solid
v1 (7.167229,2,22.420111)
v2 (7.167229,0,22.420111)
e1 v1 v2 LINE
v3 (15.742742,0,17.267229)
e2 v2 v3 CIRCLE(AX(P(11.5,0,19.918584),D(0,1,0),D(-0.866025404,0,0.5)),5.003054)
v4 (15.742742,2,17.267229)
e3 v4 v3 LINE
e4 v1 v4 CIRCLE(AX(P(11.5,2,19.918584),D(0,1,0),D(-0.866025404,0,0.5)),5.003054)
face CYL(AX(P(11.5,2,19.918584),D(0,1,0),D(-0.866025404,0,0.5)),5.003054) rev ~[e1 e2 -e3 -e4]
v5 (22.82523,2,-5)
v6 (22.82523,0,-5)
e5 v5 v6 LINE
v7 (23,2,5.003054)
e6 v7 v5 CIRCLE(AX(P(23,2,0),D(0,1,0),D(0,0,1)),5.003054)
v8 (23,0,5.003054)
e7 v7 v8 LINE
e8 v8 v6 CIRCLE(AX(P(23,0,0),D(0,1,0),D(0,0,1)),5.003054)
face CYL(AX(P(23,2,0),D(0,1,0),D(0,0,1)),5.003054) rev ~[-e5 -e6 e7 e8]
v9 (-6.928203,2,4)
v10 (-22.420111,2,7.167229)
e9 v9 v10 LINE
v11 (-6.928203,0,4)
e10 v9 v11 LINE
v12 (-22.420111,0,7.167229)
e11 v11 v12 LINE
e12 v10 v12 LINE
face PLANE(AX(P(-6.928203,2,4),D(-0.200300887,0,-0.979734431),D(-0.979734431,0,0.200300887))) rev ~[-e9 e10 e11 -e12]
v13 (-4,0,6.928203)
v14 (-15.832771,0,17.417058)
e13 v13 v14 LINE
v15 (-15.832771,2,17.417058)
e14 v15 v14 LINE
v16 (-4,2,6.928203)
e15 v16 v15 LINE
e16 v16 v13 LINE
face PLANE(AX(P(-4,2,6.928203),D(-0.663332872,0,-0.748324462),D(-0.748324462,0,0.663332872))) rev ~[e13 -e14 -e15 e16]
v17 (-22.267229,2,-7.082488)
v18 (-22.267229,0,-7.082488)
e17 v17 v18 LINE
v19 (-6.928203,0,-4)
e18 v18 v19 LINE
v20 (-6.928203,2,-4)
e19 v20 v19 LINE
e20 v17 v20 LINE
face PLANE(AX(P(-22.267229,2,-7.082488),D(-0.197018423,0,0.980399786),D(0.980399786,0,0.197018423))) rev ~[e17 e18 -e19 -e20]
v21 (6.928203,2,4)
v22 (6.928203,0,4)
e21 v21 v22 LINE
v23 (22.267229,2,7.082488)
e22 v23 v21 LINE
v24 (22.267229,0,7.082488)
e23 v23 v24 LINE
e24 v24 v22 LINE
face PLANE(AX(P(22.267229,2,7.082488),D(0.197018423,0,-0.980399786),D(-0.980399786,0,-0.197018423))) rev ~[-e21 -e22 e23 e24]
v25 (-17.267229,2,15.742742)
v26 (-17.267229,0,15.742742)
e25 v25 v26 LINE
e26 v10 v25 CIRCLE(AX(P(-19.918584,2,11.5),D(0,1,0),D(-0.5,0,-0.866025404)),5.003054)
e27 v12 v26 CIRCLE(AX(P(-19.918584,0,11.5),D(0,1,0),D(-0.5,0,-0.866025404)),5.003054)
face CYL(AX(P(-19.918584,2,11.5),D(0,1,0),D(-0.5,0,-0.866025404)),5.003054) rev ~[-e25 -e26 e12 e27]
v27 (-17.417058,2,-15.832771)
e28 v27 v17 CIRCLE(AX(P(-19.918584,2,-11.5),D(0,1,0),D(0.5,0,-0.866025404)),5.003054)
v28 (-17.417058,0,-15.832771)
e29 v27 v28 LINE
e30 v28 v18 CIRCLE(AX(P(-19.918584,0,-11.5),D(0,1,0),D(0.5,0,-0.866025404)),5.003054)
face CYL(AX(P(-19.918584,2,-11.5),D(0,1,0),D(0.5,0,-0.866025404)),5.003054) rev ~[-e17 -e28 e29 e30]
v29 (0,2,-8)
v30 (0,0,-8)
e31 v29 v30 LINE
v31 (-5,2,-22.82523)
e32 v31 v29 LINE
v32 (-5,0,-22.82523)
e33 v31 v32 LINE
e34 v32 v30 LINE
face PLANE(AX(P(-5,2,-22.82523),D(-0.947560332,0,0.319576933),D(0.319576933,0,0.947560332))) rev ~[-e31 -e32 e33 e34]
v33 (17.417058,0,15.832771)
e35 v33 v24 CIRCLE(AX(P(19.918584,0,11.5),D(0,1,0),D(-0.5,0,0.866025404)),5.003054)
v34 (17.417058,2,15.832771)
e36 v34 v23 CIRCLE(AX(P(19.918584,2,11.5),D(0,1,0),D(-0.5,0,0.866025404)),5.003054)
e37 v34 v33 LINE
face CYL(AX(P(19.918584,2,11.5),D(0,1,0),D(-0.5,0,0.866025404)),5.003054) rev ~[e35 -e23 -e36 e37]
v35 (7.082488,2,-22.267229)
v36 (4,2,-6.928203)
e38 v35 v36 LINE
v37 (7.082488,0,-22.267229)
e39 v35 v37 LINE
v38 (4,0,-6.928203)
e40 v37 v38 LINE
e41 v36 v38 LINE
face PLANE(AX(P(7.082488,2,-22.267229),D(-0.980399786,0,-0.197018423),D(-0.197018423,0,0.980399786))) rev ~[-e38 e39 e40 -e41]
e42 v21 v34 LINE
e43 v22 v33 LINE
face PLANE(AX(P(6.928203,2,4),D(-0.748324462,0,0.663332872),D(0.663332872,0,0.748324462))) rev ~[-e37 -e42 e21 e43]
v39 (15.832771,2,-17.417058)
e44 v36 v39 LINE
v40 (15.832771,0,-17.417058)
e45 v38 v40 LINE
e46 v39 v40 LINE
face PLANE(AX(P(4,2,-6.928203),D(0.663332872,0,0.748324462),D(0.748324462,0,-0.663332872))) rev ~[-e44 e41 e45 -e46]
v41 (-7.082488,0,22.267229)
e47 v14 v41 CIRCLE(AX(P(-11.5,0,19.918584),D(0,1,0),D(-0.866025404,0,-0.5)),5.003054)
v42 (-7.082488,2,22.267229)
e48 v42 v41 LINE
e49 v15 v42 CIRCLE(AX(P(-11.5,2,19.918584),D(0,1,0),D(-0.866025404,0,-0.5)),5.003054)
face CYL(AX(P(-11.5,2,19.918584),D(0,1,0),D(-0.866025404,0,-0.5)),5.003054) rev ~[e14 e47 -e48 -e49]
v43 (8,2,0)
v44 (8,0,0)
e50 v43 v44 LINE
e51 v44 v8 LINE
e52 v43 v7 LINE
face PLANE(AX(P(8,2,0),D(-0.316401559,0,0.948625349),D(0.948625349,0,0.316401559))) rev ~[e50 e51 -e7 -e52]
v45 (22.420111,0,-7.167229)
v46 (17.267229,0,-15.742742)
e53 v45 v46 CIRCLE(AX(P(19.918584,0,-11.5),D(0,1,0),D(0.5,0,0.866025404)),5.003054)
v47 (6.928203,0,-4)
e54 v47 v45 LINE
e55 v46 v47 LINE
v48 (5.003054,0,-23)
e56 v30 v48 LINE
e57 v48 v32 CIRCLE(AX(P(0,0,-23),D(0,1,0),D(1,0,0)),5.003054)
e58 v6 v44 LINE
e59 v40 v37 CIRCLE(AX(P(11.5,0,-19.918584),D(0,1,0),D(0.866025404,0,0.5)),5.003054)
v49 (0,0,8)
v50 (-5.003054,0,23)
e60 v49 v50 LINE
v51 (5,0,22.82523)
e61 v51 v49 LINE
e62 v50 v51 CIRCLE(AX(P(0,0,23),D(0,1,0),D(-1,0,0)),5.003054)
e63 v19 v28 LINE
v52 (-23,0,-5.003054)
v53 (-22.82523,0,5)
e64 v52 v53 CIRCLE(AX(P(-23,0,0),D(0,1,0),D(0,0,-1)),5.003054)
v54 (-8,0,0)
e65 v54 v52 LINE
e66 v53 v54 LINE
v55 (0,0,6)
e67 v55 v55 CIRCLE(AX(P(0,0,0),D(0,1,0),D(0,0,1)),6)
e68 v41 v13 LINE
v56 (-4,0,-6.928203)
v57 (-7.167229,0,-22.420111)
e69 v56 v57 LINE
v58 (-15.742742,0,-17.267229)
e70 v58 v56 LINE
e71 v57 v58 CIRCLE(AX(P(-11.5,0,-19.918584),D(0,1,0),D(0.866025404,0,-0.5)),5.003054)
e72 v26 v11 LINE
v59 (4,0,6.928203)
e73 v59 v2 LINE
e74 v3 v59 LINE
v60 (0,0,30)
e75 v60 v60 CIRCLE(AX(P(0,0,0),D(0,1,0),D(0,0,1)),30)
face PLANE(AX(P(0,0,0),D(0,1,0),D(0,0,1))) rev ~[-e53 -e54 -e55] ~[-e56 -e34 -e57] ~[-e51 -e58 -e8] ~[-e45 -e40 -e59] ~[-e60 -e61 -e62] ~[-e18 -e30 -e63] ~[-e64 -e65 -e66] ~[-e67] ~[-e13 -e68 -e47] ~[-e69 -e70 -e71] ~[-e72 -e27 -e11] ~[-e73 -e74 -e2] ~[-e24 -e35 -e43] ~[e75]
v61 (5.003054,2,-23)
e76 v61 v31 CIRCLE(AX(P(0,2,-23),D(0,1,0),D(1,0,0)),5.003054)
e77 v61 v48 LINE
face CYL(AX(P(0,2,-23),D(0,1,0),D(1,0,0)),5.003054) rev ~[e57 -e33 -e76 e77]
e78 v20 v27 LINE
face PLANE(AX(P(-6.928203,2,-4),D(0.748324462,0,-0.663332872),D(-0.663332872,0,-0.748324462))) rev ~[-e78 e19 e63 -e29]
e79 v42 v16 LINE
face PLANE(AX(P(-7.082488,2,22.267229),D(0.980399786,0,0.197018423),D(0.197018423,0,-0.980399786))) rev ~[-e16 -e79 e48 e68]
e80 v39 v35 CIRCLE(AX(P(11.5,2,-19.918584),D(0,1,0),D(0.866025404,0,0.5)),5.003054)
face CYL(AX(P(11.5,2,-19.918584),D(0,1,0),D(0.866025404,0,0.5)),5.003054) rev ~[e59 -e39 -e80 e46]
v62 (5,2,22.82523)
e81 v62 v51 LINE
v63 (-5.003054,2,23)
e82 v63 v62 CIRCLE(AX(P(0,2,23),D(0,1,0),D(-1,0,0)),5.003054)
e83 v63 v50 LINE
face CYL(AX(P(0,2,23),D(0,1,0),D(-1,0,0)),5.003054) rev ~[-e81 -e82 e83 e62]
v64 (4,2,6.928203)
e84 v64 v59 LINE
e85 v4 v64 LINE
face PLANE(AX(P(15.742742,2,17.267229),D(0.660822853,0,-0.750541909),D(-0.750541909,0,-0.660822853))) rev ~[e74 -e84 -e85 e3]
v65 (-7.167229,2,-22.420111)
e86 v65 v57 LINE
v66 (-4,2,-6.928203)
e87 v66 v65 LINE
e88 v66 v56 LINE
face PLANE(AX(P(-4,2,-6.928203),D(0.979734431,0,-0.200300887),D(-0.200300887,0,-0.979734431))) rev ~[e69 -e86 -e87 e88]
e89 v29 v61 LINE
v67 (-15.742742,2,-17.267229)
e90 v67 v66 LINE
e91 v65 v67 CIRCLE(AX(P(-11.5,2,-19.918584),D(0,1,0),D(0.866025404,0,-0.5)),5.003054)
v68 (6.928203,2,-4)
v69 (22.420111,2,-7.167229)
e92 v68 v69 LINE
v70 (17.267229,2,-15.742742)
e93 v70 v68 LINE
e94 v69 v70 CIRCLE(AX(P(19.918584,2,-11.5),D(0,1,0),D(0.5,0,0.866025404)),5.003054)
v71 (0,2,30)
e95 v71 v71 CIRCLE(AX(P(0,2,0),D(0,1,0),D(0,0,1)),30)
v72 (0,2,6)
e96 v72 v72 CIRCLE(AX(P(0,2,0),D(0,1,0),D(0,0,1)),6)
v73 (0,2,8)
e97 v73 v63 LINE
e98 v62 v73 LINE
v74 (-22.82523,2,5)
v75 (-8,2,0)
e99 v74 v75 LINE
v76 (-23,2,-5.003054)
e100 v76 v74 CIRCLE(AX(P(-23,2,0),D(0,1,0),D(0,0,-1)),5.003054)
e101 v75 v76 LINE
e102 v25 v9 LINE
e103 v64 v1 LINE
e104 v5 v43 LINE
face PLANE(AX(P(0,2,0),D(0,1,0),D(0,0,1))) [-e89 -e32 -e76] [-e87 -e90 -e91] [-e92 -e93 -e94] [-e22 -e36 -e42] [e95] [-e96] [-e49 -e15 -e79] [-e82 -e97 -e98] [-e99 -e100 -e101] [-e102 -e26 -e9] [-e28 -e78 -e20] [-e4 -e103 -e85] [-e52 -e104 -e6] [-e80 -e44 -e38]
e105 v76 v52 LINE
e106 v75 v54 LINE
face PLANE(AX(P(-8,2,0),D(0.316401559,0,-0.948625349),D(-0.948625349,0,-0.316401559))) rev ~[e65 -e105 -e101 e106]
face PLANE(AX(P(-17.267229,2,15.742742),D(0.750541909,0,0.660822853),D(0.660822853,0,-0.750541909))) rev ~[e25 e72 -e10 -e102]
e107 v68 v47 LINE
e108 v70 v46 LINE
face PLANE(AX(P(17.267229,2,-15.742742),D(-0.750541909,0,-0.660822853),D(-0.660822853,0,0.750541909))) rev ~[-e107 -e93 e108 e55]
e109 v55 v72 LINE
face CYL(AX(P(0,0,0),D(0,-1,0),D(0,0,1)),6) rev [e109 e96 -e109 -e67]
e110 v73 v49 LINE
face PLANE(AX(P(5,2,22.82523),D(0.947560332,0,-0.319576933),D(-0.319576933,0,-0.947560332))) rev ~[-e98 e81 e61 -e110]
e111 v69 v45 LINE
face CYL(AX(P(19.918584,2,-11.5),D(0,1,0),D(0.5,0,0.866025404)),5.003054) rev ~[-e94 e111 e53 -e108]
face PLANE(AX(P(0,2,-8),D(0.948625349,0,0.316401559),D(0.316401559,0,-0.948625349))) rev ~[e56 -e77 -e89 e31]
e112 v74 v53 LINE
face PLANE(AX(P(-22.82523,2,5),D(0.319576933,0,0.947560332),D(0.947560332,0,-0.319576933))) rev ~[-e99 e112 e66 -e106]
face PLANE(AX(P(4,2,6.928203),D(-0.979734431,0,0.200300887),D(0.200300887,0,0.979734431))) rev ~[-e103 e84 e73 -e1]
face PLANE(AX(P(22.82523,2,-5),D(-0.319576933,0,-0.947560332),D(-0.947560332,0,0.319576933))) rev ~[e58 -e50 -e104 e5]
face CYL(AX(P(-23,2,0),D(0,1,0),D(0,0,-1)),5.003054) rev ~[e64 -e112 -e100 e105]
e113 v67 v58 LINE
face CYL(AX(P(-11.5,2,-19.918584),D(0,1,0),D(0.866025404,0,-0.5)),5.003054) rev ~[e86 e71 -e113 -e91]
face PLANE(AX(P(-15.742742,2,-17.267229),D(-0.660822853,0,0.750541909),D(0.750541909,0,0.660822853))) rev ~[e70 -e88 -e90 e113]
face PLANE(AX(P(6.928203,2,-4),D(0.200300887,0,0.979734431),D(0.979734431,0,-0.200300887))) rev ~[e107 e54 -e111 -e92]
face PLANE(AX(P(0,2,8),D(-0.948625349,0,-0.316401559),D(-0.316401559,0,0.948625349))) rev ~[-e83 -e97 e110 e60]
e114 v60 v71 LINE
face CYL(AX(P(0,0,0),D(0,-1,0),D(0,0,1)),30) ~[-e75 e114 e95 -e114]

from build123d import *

# Parameters (mm, degrees)
SKETCH1_R         = 30
SKETCH1_R_2       = 6
EXTRUDE1_DEPTH    = 2
EXTRUDE2_DEPTH    = 2
CIRPATTERN1_COUNT = 12


with BuildPart() as part:
    # Sketch1 → Extrude1 (new body)
    with BuildSketch(Plane(origin=(0, 0, 0), x_dir=(1, 0, 0), z_dir=(0, 1, 0))):
        with Locations(Location((0, 0, 0), (0, 0, 270))):
            Circle(SKETCH1_R)
        with Locations(Location((0, 0, 0), (0, 0, 270))):
            Circle(SKETCH1_R_2, mode=Mode.SUBTRACT)
    extrude(amount=EXTRUDE1_DEPTH)

    # Sketch2 → Extrude2 (cut)
    with BuildSketch(Plane(origin=(0, 2, 0), x_dir=(1, 0, 0), z_dir=(0, 1, 0))):
        with BuildLine():
            Line((-5, 22.825230384), (0, 8))
            Line((0, 8), (5.003053509, 23))
            ThreePointArc((5.003053509, 23), (-0.087398144, 28.002290074), (-5, 22.825230384))
        make_face()
    extrude2 = extrude(amount=-EXTRUDE2_DEPTH, mode=Mode.SUBTRACT)

    # CirPattern1: Extrude2 ×12 about axis
    cirpattern1_axis = Axis((0, 0, 0), (0, 1, 0))
    for i in range(1, CIRPATTERN1_COUNT):
        add(extrude2.rotate(cirpattern1_axis, i * 360 / CIRPATTERN1_COUNT), mode=Mode.SUBTRACT)


solid = part.part
